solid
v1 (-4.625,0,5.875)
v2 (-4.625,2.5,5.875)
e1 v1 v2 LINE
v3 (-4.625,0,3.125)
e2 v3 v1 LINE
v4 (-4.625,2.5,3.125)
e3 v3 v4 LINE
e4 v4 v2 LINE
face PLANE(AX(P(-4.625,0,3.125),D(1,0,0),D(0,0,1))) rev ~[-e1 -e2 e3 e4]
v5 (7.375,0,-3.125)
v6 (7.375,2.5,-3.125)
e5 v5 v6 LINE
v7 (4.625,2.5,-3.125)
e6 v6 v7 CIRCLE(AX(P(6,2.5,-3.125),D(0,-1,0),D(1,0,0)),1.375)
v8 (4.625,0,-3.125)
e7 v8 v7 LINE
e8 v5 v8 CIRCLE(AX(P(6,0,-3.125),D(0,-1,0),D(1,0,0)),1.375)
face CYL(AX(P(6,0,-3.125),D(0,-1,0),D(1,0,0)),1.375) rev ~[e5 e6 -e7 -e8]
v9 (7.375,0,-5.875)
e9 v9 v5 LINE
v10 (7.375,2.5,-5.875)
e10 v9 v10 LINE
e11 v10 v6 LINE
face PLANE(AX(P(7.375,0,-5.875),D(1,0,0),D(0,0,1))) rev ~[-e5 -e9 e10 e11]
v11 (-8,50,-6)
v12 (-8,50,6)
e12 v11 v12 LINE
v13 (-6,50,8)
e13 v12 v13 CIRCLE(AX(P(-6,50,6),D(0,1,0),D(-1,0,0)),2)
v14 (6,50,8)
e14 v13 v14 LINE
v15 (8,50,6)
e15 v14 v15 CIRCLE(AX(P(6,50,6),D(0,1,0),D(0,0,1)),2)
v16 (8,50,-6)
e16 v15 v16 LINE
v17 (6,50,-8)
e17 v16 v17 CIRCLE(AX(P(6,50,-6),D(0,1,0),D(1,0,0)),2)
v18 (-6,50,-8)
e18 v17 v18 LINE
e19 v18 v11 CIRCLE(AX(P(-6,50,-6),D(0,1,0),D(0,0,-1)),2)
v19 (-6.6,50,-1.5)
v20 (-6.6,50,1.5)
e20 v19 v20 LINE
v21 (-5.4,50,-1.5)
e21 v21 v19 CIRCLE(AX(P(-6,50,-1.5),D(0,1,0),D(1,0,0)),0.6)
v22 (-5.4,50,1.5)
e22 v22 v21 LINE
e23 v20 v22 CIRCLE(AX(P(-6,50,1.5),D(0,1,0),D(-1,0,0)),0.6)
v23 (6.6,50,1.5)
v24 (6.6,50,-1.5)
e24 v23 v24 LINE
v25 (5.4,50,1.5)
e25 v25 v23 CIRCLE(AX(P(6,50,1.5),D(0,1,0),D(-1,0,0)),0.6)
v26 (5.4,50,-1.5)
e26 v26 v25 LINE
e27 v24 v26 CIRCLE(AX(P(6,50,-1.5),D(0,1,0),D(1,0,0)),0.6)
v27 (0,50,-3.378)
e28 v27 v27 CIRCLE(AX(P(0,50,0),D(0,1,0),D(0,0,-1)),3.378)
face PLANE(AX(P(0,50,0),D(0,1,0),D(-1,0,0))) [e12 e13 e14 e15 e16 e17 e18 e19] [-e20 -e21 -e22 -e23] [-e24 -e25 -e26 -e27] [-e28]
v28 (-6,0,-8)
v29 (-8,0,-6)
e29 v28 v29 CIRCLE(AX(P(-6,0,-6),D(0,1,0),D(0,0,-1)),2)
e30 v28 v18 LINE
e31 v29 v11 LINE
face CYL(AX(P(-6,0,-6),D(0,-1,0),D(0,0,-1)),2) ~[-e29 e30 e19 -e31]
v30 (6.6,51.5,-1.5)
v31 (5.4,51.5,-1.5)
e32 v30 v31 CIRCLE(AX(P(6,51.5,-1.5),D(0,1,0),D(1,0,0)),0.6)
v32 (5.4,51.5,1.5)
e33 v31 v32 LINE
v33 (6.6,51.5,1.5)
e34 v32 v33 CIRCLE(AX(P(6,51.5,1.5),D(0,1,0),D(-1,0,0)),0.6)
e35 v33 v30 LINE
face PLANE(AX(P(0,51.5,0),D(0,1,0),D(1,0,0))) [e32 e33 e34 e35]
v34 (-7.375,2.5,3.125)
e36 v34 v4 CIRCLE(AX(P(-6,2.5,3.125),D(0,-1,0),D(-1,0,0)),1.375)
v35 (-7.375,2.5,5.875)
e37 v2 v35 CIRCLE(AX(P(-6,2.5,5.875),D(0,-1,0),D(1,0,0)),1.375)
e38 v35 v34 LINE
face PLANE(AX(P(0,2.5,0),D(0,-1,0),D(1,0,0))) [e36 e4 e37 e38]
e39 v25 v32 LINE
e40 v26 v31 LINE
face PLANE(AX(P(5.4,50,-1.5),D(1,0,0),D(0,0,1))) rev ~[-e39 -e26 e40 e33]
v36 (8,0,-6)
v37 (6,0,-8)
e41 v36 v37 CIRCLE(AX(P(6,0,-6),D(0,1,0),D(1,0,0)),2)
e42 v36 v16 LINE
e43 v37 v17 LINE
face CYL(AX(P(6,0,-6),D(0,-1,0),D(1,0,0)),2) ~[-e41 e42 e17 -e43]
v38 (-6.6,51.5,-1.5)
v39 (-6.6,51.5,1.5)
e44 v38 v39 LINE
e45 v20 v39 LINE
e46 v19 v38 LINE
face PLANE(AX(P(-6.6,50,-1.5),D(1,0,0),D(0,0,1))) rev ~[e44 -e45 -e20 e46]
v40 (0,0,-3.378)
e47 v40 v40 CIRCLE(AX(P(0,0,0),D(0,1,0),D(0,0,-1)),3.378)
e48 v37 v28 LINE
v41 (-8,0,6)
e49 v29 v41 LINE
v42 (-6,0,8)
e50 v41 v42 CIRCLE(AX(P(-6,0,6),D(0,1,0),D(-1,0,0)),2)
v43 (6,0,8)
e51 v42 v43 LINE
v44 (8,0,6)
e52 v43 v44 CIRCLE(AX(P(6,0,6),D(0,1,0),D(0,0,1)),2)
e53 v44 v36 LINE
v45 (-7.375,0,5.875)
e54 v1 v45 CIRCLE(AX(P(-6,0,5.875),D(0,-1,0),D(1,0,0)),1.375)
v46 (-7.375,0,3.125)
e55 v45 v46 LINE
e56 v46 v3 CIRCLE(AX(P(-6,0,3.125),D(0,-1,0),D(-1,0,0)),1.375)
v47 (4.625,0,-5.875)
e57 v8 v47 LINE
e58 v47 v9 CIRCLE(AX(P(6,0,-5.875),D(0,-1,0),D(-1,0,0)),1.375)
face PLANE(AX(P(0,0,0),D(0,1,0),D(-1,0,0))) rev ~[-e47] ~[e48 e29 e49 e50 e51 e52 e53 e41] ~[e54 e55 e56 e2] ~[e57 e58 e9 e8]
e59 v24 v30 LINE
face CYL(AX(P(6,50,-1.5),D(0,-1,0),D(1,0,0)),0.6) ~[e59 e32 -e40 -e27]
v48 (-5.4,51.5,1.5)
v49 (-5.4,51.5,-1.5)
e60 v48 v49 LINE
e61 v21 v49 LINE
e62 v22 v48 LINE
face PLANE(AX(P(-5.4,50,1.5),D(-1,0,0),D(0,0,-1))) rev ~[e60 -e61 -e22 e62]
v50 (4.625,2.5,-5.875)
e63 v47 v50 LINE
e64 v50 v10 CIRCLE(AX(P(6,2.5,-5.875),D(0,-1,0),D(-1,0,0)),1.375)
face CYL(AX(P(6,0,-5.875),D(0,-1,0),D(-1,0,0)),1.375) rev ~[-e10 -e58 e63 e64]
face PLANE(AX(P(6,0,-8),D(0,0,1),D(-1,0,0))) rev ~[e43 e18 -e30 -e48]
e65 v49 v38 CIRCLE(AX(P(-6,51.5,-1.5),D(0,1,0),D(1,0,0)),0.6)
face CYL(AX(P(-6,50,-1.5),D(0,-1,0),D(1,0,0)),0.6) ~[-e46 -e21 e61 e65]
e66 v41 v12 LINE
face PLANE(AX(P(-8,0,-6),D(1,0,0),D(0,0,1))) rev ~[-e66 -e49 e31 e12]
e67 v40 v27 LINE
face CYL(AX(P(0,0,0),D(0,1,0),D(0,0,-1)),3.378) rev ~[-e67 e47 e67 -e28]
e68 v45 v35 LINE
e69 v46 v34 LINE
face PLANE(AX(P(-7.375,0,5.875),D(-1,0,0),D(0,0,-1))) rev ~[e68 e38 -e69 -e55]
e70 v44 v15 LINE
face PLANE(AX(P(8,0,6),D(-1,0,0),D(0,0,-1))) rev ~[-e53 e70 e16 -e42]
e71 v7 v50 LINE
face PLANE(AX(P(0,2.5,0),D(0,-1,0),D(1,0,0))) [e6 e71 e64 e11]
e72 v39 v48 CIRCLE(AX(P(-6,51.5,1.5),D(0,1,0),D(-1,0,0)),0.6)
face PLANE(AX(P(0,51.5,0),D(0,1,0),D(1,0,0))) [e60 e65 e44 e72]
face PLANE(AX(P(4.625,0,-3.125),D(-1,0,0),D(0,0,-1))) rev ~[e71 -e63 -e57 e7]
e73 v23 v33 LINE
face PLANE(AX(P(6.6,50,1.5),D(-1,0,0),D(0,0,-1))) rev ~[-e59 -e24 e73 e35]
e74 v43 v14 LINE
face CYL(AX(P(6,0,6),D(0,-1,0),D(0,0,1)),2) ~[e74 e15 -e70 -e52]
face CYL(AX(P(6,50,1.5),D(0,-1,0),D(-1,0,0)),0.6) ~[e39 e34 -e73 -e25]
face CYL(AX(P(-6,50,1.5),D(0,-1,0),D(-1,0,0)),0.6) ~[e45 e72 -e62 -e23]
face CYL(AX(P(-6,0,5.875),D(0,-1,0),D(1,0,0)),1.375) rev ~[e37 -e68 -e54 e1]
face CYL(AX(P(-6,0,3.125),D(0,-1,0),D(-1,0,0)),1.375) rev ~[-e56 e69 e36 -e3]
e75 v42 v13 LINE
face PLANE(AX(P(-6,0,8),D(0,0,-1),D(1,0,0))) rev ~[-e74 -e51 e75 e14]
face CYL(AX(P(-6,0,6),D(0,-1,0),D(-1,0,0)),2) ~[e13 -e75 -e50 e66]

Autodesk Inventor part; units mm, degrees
ref_plane "YZ Plane" through (0, 0, 0) normal (1, 0, 0) x (0, 1, 0)
ref_plane "XZ Plane" through (0, 0, 0) normal (0, 1, 0) x (-1, 0, 0)
ref_plane "XY Plane" through (0, 0, 0) normal (0, 0, 1) x (1, 0, 0)
sketch "Sketch1" plane through (0, 0, 0) normal (0, 1, 0) x (-1, 0, 0)
  line L0 (6, 8) -> (-6, 8)
  line L1 (-8, 6) -> (-8, -6)
  line L2 (-6, -8) -> (6, -8)
  line L3 (8, -6) -> (8, 6)
  arc A0 (8, 6) -> (6, 8) centre (6, 6) ccw
  arc A1 (-6, 8) -> (-8, 6) centre (-6, 6) ccw
  arc A2 (-8, -6) -> (-6, -8) centre (-6, -6) ccw
  arc A3 (6, -8) -> (8, -6) centre (6, -6) ccw
  point P0 (0, 0)
  point P1 (8, 8)
  point P2 (-8, 8)
  point P3 (8, -8)
  dimension "d0" = 16
  dimension "d1" = 16
  dimension "d2" = 8
  dimension "d3" = 8
  dimension "d4" = 2
extrude "Extrusion1" add sketch "Sketch1" along normal blind 50
sketch "Sketch2" plane through (0, 0, 0) normal (0, -1, 0) x (1, 0, 0)
  line L0 (-6, 5.875) -> (-6, 3.125) construction
  line L1 (-7.375, 5.875) -> (-7.375, 3.125)
  line L2 (-4.625, 3.125) -> (-4.625, 5.875)
  arc A0 (-4.625, 5.875) -> (-7.375, 5.875) centre (-6, 5.875) ccw
  arc A1 (-7.375, 3.125) -> (-4.625, 3.125) centre (-6, 3.125) ccw
  line L3 (6, -3.125) -> (6, -5.875) construction
  line L4 (4.625, -3.125) -> (4.625, -5.875)
  line L5 (7.375, -5.875) -> (7.375, -3.125)
  arc A2 (7.375, -3.125) -> (4.625, -3.125) centre (6, -3.125) ccw
  arc A3 (4.625, -5.875) -> (7.375, -5.875) centre (6, -5.875) ccw
  point P0 (0, 0)
  point P1 (0, 0)
  point P2 (-6, 4.5)
  point P3 (6, -4.5)
  dimension "d7" = 2.75
  dimension "d8" = 12
  dimension "d9" = 6
  dimension "d10" = 9
  dimension "d11" = 4.5
  dimension "d12" = 2.75
  dimension "d13" = 2.75
  dimension "d14" = 2.75
extrude "Extrusion2" cut sketch "Sketch2" against normal blind 2.5
hole "Hole1" at (0, 0, 0) direction (0, 1, 0) diameter 6.756 end through all clearance for "Flat Head Machine Screw (82)" size "1/4" standard "Ansi Unified Screw Threads"
sketch "Sketch3" plane through (0, 50, 0) normal (0, 1, 0) x (1, 0, 0)
  line L0 (-6, 1.5) -> (-6, -1.5) construction
  line L1 (-6.6, 1.5) -> (-6.6, -1.5)
  line L2 (-5.4, -1.5) -> (-5.4, 1.5)
  arc A0 (-5.4, 1.5) -> (-6.6, 1.5) centre (-6, 1.5) ccw
  arc A1 (-6.6, -1.5) -> (-5.4, -1.5) centre (-6, -1.5) ccw
  line L3 (6, 1.5) -> (6, -1.5) construction
  line L4 (5.4, 1.5) -> (5.4, -1.5)
  line L5 (6.6, -1.5) -> (6.6, 1.5)
  arc A2 (6.6, 1.5) -> (5.4, 1.5) centre (6, 1.5) ccw
  arc A3 (5.4, -1.5) -> (6.6, -1.5) centre (6, -1.5) ccw
  line L6 (-6, 0) -> (6, 0) construction
  line L7 (6, 8) -> (-6, 8) projected
  point P0 (0, 0)
  dimension "d25" = 0.6
  dimension "d26" = 0.6
  dimension "d27" = 3
  dimension "d29" = 0
  dimension "d30" = 12
  dimension "d31" = 6
  dimension "d32" = 3
extrude "Extrusion3" add sketch "Sketch3" along normal blind 1.5
equation "\"d1\" = d0"
equation "\"d2\" = 0.5 * d0"
equation "\"d3\" = d2"
equation "\"d9\" = 0.5 * d8"
equation "\"d11\" = 0.5 * d10"
equation "\"d12\" = d7"
equation "\"d13\" = d7"
equation "\"d14\" = d7"
equation "\"d26\" = d25"
equation "\"d27\" = d32"
equation "\"d31\" = 0.5 * d30"
properties part number "Camera Mount 30mm"
